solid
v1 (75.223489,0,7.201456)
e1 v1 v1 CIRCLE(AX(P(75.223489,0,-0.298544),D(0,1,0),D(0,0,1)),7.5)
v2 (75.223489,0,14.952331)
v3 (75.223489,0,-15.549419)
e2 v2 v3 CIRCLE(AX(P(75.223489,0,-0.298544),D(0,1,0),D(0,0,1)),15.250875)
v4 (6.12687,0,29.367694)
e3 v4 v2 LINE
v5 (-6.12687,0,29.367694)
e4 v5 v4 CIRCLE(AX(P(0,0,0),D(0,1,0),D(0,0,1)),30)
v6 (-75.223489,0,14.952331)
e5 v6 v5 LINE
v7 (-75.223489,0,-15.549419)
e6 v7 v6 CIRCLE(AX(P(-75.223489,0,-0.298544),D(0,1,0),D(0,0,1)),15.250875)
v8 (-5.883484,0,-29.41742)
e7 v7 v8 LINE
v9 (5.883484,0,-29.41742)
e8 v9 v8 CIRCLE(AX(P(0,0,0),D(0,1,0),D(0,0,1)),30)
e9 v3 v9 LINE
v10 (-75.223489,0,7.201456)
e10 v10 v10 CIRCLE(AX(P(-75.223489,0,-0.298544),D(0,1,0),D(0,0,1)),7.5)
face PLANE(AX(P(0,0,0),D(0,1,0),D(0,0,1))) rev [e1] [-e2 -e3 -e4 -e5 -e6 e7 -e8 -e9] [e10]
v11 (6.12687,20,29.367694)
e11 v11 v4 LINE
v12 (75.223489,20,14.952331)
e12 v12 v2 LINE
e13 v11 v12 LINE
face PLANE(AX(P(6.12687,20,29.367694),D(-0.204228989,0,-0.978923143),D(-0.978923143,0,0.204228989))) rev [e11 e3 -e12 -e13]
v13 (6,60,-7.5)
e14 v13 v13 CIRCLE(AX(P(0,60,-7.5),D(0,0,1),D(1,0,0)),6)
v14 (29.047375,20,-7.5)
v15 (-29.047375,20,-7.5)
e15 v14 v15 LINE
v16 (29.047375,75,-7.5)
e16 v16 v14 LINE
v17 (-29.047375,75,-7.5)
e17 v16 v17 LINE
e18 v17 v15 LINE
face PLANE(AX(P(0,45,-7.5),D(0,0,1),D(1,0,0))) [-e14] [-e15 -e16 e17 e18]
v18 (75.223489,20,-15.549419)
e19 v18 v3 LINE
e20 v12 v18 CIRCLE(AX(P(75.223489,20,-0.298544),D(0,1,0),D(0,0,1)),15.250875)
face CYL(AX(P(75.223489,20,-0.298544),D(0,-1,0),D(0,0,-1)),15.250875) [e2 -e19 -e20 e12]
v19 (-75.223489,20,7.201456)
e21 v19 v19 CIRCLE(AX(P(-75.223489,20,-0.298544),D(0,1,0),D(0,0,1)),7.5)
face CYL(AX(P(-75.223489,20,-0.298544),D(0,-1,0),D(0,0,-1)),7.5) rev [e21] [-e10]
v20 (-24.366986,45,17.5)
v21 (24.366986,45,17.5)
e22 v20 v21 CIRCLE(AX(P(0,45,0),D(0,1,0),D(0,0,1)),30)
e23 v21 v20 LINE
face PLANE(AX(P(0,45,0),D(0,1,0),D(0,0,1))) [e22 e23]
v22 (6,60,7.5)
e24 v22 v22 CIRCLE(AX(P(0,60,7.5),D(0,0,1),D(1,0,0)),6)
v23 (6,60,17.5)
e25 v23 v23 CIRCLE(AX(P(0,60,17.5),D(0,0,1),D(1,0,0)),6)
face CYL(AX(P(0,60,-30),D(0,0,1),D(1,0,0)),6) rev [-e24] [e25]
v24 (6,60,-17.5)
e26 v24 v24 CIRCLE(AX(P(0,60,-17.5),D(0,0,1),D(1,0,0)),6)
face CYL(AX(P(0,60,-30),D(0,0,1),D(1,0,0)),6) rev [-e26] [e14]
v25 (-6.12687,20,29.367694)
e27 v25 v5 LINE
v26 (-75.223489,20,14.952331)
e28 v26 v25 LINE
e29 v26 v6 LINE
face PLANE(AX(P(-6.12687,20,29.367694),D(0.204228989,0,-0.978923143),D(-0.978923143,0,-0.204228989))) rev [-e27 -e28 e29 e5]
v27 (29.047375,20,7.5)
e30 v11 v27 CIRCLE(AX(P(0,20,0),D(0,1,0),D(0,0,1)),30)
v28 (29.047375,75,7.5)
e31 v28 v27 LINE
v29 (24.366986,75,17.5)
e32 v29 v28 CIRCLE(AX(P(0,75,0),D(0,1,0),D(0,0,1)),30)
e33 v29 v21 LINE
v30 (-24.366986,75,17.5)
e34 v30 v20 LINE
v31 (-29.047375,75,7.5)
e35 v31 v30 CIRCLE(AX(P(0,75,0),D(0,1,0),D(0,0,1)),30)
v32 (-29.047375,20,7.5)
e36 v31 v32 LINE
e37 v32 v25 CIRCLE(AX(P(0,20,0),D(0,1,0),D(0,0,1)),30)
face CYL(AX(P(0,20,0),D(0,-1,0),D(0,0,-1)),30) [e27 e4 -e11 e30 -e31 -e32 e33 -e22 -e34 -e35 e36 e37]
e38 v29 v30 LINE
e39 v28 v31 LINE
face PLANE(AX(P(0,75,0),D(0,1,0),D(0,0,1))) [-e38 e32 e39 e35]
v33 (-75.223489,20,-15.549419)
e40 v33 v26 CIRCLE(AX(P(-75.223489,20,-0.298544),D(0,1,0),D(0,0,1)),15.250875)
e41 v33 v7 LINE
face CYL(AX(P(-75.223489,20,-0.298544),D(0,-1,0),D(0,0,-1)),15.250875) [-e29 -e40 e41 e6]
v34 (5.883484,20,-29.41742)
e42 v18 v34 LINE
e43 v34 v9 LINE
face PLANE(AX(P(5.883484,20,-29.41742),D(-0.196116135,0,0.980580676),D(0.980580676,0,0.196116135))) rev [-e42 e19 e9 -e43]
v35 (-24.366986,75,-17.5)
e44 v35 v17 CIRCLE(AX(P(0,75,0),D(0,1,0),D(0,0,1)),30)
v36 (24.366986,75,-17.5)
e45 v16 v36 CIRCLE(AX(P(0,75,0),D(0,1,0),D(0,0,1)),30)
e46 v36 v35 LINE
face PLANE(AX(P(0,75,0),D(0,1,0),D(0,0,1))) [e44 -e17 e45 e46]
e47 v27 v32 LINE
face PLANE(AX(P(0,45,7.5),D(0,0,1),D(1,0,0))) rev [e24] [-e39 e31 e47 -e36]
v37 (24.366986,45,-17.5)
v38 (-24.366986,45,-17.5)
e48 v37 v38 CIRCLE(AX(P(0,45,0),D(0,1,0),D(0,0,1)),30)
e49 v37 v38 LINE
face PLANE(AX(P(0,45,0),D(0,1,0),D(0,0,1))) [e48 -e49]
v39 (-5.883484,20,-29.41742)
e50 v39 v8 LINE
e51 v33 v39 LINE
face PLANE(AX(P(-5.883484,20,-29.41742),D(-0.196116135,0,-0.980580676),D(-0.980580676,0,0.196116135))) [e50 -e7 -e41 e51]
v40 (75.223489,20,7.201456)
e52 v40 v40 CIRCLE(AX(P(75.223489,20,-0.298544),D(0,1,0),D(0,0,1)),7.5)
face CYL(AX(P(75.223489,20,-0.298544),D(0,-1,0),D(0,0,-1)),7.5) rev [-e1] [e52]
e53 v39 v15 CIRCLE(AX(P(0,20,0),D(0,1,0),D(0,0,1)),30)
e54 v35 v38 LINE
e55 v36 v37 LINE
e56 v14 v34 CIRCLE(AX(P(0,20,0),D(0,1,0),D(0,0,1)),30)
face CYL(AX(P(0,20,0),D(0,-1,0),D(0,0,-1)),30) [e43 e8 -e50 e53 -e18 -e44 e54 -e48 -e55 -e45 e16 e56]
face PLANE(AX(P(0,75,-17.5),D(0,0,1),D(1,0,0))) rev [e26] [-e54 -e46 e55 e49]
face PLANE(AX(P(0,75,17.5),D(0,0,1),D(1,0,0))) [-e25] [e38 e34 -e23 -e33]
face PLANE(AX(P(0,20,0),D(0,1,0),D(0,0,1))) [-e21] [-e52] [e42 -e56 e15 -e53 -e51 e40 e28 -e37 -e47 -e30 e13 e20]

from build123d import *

# Parameters (mm, degrees)
CROQUIS2_R                 = 7.5
SALIENTE_EXTRUIR1_DEPTH    = 20
SALIENTE_EXTRUIR2_START    = 20
SALIENTE_EXTRUIR2_DEPTH    = 25
SALIENTE_EXTRUIR3_START    = 45
SALIENTE_EXTRUIR3_DEPTH    = 30
CORTAR_EXTRUIR1_DEPTH      = 122.287306133
CORTAR_EXTRUIR1_DEPTH_BACK = 122.287306133
CROQUIS4_R                 = 6


with BuildPart() as part:
    # Croquis2 → Saliente-Extruir1 (new body)
    # profile 1 of 5: a face of its own
    with BuildSketch(Plane(origin=(0, 0, 0), x_dir=(1, 0, 0), z_dir=(0, 1, 0))):
        with BuildLine():
            ThreePointArc((-75.223489404, 15.549419201), (-90.474364485, 0.29854412), (-75.223489404, -14.952330962))
            Line((-75.223489404, -14.952330962), (-6.126869665, -29.367694293))
            ThreePointArc((-6.126869665, -29.367694293), (-16.360909149, -25.145986793), (-24.366985862, -17.5))
            ThreePointArc((-24.366985862, -17.5), (-27.171188586, -12.717173855), (-29.047375097, -7.5))
            Line((-29.047375097, -7.5), (29.047375097, -7.5))
            ThreePointArc((29.047375097, -7.5), (27.171188586, -12.717173855), (24.366985862, -17.5))
            ThreePointArc((24.366985862, -17.5), (16.360909149, -25.145986793), (6.126869665, -29.367694293))
            Line((6.126869665, -29.367694293), (75.223489404, -14.952330962))
            ThreePointArc((75.223489404, -14.952330962), (90.474364485, 0.29854412), (75.223489404, 15.549419201))
            Line((75.223489404, 15.549419201), (5.883484054, 29.417420271))
            ThreePointArc((5.883484054, 29.417420271), (16.256658913, 25.213509097), (24.366985862, 17.5))
            ThreePointArc((24.366985862, 17.5), (27.171188586, 12.717173855), (29.047375097, 7.5))
            Line((29.047375097, 7.5), (-29.047375097, 7.5))
            ThreePointArc((-29.047375097, 7.5), (-27.171188586, 12.717173855), (-24.366985862, 17.5))
            ThreePointArc((-24.366985862, 17.5), (-16.256658913, 25.213509097), (-5.883484054, 29.417420271))
            Line((-5.883484054, 29.417420271), (-75.223489404, 15.549419201))
        make_face()
        with Locations(Location((-75.223489404, 0.29854412, 0), (0, 0, 270))):
            Circle(CROQUIS2_R, mode=Mode.SUBTRACT)
        with Locations(Location((75.223489404, 0.29854412, 0), (0, 0, 270))):
            Circle(CROQUIS2_R, mode=Mode.SUBTRACT)
    # profile 2 of 5: a face of its own
    with BuildSketch(Plane(origin=(0, 0, 0), x_dir=(1, 0, 0), z_dir=(0, 1, 0))):
        with BuildLine():
            ThreePointArc((-24.366985862, -17.5), (-16.360909149, -25.145986793), (-6.126869665, -29.367694293))
            ThreePointArc((-6.126869665, -29.367694293), (0, -30), (6.126869665, -29.367694293))
            ThreePointArc((6.126869665, -29.367694293), (16.360909149, -25.145986793), (24.366985862, -17.5))
            Line((24.366985862, -17.5), (-24.366985862, -17.5))
        make_face()
    # profile 3 of 5: a face of its own
    with BuildSketch(Plane(origin=(0, 0, 0), x_dir=(1, 0, 0), z_dir=(0, 1, 0))):
        with BuildLine():
            ThreePointArc((-29.047375097, -7.5), (-27.171188586, -12.717173855), (-24.366985862, -17.5))
            Line((-24.366985862, -17.5), (24.366985862, -17.5))
            ThreePointArc((24.366985862, -17.5), (27.171188586, -12.717173855), (29.047375097, -7.5))
            Line((29.047375097, -7.5), (-29.047375097, -7.5))
        make_face()
    # profile 4 of 5: a face of its own
    with BuildSketch(Plane(origin=(0, 0, 0), x_dir=(1, 0, 0), z_dir=(0, 1, 0))):
        with BuildLine():
            Line((24.366985862, 17.5), (-24.366985862, 17.5))
            ThreePointArc((-24.366985862, 17.5), (-27.171188586, 12.717173855), (-29.047375097, 7.5))
            Line((-29.047375097, 7.5), (29.047375097, 7.5))
            ThreePointArc((29.047375097, 7.5), (27.171188586, 12.717173855), (24.366985862, 17.5))
        make_face()
    # profile 5 of 5: a face of its own
    with BuildSketch(Plane(origin=(0, 0, 0), x_dir=(1, 0, 0), z_dir=(0, 1, 0))):
        with BuildLine():
            ThreePointArc((5.883484054, 29.417420271), (0, 30), (-5.883484054, 29.417420271))
            ThreePointArc((-5.883484054, 29.417420271), (-16.256658913, 25.213509097), (-24.366985862, 17.5))
            Line((-24.366985862, 17.5), (24.366985862, 17.5))
            ThreePointArc((24.366985862, 17.5), (16.256658913, 25.213509097), (5.883484054, 29.417420271))
        make_face()
    extrude(amount=SALIENTE_EXTRUIR1_DEPTH)

    # Croquis2<3> → Saliente-Extruir2 (add)
    with BuildSketch(Plane(origin=(0, 0, 0), x_dir=(1, 0, 0), z_dir=(0, 1, 0)).offset(SALIENTE_EXTRUIR2_START)):
        with BuildLine():
            ThreePointArc((-24.366985862, -17.5), (-16.360909149, -25.145986793), (-6.126869665, -29.367694293))
            ThreePointArc((-6.126869665, -29.367694293), (0, -30), (6.126869665, -29.367694293))
            ThreePointArc((6.126869665, -29.367694293), (16.360909149, -25.145986793), (24.366985862, -17.5))
            Line((24.366985862, -17.5), (-24.366985862, -17.5))
        make_face()
        with BuildLine():
            ThreePointArc((-29.047375097, -7.5), (-27.171188586, -12.717173855), (-24.366985862, -17.5))
            Line((-24.366985862, -17.5), (24.366985862, -17.5))
            ThreePointArc((24.366985862, -17.5), (27.171188586, -12.717173855), (29.047375097, -7.5))
            Line((29.047375097, -7.5), (-29.047375097, -7.5))
        make_face()
        with BuildLine():
            Line((24.366985862, 17.5), (-24.366985862, 17.5))
            ThreePointArc((-24.366985862, 17.5), (-27.171188586, 12.717173855), (-29.047375097, 7.5))
            Line((-29.047375097, 7.5), (29.047375097, 7.5))
            ThreePointArc((29.047375097, 7.5), (27.171188586, 12.717173855), (24.366985862, 17.5))
        make_face()
        with BuildLine():
            ThreePointArc((5.883484054, 29.417420271), (0, 30), (-5.883484054, 29.417420271))
            ThreePointArc((-5.883484054, 29.417420271), (-16.256658913, 25.213509097), (-24.366985862, 17.5))
            Line((-24.366985862, 17.5), (24.366985862, 17.5))
            ThreePointArc((24.366985862, 17.5), (16.256658913, 25.213509097), (5.883484054, 29.417420271))
        make_face()
    extrude(amount=SALIENTE_EXTRUIR2_DEPTH)

    # Croquis2<4> → Saliente-Extruir3 (add)
    with BuildSketch(Plane(origin=(0, 0, 0), x_dir=(1, 0, 0), z_dir=(0, 1, 0)).offset(SALIENTE_EXTRUIR3_START)):
        with BuildLine():
            ThreePointArc((-29.047375097, -7.5), (-27.171188586, -12.717173855), (-24.366985862, -17.5))
            Line((-24.366985862, -17.5), (24.366985862, -17.5))
            ThreePointArc((24.366985862, -17.5), (27.171188586, -12.717173855), (29.047375097, -7.5))
            Line((29.047375097, -7.5), (-29.047375097, -7.5))
        make_face()
        with BuildLine():
            Line((24.366985862, 17.5), (-24.366985862, 17.5))
            ThreePointArc((-24.366985862, 17.5), (-27.171188586, 12.717173855), (-29.047375097, 7.5))
            Line((-29.047375097, 7.5), (29.047375097, 7.5))
            ThreePointArc((29.047375097, 7.5), (27.171188586, 12.717173855), (24.366985862, 17.5))
        make_face()
    extrude(amount=SALIENTE_EXTRUIR3_DEPTH)

    # Croquis4 → Cortar-Extruir1 (cut, two sides: drawn at the far end of the back side and taken through both)
    with BuildSketch(Plane.XY.offset(-CORTAR_EXTRUIR1_DEPTH_BACK)):
        with Locations((0, 60)):
            Circle(CROQUIS4_R)
    extrude(amount=CORTAR_EXTRUIR1_DEPTH + CORTAR_EXTRUIR1_DEPTH_BACK, mode=Mode.SUBTRACT)


solid = part.part
